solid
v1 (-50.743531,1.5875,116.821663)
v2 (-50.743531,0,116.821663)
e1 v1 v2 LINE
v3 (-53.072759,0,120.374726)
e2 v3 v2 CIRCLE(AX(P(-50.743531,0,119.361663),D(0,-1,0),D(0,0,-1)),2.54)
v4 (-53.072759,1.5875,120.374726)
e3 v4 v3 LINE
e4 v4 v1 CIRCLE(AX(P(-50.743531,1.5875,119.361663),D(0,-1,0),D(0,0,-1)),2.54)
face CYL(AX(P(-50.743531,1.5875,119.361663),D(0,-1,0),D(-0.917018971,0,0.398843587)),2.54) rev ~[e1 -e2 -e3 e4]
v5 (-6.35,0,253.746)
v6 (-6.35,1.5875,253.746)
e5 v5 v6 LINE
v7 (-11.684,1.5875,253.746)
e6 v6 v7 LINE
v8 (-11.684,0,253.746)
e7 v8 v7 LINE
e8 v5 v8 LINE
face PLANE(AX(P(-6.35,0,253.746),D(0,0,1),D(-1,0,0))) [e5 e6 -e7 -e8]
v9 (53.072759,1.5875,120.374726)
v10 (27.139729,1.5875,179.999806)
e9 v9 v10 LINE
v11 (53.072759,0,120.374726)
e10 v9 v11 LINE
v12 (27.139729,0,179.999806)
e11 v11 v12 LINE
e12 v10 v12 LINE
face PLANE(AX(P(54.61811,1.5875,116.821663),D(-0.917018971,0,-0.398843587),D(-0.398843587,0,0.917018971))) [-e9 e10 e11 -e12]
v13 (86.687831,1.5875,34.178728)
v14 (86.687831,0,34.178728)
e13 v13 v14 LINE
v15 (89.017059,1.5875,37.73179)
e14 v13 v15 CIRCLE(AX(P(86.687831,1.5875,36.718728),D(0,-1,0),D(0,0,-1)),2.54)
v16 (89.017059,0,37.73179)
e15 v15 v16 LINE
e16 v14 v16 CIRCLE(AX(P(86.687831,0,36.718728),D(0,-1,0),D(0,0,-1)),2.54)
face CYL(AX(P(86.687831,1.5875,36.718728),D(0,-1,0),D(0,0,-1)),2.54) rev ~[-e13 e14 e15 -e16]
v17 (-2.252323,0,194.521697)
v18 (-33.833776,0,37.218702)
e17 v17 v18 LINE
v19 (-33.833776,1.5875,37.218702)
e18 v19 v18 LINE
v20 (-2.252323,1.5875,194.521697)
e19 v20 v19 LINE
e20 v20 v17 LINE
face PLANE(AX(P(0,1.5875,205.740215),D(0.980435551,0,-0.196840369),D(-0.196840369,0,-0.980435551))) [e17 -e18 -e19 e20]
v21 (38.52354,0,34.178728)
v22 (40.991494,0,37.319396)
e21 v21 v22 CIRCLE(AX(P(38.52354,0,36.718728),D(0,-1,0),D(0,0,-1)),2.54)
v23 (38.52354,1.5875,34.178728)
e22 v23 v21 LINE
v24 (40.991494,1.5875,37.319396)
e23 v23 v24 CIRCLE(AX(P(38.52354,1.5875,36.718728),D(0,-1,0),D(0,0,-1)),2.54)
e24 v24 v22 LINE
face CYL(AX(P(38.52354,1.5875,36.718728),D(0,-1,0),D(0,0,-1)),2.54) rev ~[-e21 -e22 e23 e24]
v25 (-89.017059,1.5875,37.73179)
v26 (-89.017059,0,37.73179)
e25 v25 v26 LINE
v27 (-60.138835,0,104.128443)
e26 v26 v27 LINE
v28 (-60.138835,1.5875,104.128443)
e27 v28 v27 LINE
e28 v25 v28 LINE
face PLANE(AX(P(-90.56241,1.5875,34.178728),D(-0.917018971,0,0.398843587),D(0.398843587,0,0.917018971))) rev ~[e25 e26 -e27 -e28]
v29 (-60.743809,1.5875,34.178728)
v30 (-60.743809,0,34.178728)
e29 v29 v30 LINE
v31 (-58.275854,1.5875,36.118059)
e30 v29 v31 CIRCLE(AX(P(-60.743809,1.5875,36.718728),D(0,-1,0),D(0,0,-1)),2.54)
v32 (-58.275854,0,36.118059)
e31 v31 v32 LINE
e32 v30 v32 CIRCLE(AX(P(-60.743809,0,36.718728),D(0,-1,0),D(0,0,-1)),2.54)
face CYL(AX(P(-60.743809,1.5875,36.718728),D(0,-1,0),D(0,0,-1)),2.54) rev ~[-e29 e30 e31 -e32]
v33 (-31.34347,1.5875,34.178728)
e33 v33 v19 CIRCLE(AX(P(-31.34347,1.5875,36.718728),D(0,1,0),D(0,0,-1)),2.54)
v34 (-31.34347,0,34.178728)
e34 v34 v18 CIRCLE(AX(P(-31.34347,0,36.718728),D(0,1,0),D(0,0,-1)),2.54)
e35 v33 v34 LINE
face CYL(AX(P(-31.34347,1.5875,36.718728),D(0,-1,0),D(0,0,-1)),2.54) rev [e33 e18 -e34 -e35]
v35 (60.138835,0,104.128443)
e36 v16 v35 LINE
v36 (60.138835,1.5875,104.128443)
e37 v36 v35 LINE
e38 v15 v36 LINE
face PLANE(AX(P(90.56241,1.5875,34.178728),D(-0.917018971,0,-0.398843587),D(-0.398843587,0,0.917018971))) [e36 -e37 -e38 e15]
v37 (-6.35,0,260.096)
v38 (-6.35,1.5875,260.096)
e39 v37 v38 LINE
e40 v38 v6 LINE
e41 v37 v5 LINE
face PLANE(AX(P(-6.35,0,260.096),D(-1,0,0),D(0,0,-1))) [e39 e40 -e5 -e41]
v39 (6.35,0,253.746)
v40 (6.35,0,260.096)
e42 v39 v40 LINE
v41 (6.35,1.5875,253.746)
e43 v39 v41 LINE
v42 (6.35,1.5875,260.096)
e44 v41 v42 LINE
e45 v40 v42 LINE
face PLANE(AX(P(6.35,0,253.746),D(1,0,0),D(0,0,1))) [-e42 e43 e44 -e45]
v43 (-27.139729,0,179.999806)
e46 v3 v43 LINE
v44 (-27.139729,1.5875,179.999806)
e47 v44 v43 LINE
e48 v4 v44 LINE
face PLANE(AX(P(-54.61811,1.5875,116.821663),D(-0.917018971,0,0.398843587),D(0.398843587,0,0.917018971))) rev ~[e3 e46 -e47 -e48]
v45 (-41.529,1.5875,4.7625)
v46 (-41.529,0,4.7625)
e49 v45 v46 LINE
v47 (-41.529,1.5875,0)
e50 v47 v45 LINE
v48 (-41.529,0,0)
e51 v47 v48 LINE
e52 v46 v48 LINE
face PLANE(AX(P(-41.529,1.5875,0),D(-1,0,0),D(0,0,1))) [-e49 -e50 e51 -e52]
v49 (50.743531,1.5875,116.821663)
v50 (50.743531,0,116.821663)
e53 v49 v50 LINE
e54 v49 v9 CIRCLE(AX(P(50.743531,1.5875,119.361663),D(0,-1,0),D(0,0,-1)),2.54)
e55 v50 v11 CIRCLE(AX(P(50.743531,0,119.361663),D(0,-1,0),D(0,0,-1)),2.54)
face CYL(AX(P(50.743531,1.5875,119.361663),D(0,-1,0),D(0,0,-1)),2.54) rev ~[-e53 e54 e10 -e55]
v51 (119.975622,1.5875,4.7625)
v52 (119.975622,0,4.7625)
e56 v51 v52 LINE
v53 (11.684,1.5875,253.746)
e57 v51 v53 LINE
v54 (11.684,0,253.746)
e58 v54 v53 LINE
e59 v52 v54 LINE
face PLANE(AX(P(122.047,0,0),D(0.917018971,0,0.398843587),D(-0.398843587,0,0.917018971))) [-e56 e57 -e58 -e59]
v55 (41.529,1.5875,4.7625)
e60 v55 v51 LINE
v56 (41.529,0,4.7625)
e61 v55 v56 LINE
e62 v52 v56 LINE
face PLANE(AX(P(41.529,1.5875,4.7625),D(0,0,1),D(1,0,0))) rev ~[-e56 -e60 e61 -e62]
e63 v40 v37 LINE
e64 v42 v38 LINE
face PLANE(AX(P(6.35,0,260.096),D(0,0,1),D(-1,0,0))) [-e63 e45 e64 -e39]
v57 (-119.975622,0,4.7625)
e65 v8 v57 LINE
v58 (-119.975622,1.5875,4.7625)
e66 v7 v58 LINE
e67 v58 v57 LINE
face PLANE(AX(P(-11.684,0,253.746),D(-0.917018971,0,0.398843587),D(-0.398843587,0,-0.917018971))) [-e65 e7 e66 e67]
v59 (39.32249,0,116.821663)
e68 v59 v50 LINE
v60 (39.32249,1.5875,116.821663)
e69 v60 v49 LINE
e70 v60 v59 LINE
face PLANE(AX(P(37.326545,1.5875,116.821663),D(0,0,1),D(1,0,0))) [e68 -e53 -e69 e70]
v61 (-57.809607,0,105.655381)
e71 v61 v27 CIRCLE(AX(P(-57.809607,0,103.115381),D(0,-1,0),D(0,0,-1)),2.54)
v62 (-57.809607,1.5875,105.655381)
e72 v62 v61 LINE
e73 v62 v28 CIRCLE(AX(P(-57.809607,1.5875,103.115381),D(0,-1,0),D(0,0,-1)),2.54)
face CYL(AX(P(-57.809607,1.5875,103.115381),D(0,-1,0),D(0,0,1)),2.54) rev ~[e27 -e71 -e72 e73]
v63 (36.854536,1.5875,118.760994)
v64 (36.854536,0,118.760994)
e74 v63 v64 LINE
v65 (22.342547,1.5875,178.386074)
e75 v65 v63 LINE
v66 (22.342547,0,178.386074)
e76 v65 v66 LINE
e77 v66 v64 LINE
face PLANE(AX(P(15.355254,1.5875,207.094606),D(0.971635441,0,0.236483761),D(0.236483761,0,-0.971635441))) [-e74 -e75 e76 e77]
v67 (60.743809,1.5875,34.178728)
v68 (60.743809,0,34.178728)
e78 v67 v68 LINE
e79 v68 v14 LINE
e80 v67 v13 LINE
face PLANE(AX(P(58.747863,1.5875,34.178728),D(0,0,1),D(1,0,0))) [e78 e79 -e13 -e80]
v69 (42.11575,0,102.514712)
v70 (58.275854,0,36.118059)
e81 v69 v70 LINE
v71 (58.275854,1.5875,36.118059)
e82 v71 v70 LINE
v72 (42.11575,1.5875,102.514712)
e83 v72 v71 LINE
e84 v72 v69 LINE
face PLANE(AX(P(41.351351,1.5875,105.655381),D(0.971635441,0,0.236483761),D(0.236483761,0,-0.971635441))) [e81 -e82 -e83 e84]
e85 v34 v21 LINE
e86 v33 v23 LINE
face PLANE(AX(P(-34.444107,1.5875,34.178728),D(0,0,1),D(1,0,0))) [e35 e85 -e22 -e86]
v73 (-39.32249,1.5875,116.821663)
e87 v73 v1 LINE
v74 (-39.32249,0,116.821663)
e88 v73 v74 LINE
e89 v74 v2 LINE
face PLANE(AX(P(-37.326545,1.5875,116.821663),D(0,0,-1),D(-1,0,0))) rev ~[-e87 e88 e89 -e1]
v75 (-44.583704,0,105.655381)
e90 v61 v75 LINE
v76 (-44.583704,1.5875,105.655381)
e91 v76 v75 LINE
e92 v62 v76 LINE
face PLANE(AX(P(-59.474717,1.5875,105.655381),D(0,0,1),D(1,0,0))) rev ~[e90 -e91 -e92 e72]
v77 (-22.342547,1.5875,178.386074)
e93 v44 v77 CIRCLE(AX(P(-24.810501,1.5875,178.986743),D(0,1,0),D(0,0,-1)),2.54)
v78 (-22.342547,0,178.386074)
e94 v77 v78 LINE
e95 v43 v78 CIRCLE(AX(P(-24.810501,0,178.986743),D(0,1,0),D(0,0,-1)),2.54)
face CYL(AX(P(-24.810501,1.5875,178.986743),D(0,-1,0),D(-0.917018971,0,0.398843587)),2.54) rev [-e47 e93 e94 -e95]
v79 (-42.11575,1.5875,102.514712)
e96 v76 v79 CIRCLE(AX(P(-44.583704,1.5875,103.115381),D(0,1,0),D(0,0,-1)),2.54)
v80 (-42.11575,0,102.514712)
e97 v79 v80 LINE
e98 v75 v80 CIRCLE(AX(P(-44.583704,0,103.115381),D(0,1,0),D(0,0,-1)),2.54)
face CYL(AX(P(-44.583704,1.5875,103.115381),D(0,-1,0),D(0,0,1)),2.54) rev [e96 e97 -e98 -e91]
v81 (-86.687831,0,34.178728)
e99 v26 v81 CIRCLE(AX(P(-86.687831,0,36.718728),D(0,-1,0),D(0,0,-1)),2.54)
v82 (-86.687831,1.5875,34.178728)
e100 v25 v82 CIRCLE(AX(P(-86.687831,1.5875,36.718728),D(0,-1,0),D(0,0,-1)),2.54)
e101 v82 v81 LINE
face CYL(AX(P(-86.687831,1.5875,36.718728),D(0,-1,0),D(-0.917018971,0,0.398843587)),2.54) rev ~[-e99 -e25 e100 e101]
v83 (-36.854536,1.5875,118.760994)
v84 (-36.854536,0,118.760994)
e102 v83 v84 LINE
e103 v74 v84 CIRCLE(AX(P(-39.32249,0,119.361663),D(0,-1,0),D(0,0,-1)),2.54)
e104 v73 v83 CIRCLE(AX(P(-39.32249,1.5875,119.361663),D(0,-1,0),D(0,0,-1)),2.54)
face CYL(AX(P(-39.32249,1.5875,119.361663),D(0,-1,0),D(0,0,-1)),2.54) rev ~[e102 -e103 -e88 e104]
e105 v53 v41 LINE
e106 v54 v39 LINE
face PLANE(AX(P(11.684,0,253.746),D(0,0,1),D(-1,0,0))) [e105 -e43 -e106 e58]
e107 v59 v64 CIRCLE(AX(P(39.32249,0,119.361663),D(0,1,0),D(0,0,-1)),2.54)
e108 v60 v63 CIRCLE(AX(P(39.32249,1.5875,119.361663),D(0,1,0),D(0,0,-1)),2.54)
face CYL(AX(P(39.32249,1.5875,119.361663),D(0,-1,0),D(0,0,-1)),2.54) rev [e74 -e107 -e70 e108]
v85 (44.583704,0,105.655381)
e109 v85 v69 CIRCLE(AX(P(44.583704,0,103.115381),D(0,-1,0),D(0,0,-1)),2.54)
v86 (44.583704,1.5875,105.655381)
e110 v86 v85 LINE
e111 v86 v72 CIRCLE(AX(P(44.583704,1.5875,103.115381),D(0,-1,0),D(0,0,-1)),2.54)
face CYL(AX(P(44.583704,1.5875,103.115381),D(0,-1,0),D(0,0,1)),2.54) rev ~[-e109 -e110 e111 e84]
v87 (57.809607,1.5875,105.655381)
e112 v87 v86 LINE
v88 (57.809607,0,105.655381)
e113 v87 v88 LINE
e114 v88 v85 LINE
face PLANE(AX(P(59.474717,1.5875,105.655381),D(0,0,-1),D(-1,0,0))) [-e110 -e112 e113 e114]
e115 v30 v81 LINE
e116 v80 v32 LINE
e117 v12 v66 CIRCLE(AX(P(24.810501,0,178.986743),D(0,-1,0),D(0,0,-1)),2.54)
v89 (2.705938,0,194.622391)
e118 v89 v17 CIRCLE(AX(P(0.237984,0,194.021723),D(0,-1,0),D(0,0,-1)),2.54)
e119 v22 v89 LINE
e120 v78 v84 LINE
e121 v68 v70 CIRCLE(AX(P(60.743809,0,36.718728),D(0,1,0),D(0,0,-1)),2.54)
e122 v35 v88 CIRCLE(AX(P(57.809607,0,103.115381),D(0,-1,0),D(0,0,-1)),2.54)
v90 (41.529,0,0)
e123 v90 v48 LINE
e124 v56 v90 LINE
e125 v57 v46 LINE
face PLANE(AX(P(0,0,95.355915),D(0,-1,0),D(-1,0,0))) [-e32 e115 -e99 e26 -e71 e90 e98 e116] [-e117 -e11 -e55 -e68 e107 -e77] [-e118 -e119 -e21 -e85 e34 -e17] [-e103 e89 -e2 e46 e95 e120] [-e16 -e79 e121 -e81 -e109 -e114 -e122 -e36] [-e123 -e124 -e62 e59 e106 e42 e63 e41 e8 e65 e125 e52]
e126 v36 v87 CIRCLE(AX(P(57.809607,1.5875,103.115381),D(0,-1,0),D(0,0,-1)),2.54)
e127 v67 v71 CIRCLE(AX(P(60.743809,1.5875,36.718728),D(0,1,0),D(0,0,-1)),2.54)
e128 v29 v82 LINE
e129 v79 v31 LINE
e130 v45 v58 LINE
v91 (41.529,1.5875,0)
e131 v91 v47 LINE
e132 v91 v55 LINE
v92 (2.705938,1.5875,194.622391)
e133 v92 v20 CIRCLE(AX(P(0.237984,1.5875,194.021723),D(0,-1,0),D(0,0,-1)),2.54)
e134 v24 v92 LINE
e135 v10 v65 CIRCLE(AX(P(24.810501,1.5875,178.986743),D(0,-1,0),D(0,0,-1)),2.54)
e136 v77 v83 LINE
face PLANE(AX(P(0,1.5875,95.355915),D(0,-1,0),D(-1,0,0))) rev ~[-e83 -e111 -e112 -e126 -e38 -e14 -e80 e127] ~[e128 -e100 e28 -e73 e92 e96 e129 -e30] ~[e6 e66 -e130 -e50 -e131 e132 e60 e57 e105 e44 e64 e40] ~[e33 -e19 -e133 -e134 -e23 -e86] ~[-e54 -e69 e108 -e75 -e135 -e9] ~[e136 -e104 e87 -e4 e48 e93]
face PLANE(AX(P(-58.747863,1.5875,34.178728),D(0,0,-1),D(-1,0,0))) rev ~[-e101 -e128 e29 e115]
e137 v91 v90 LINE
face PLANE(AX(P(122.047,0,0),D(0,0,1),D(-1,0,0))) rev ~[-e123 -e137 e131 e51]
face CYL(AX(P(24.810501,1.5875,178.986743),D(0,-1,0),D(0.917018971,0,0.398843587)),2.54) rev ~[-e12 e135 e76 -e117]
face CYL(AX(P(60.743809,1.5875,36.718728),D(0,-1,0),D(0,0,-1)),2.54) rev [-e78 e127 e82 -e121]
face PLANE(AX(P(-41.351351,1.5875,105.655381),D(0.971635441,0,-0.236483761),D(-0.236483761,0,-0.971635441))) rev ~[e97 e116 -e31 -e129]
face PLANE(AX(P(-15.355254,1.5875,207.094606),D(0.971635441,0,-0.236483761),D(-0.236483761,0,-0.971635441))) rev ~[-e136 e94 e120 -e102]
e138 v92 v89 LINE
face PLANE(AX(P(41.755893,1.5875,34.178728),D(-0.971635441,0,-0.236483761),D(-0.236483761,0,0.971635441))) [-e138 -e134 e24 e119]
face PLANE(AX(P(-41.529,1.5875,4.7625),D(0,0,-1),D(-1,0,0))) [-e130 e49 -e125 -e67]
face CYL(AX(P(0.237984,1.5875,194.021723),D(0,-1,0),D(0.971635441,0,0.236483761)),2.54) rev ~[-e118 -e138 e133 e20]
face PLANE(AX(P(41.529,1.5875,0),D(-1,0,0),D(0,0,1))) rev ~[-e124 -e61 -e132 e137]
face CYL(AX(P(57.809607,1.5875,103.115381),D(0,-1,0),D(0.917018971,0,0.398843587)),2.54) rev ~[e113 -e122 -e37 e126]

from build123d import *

# Parameters (mm, degrees)
BOSS_EXTRUDE1_DEPTH = 1.5875
CUT_EXTRUDE1_DEPTH  = 288.311537501
CUT_EXTRUDE2_DEPTH  = 1.5875
FILLET1_R           = 2.54


with BuildPart() as part:
    # Sketch2 → Boss-Extrude1 (new body)
    with BuildSketch(Plane(origin=(0, 0, 0), x_dir=(1, 0, 0), z_dir=(0, 1, 0))):
        Polygon((-122.047, 0), (0, 0), (122.047, 0), (11.684, -253.746), (6.35, -253.746), (6.35, -260.096), (-6.35, -260.096), (-6.35, -253.746), (-11.684, -253.746), align=None)
    extrude(amount=BOSS_EXTRUDE1_DEPTH)

    # Sketch3 → Cut-Extrude1 (cut, through all)
    with BuildSketch(Plane(origin=(0, 1.5875, 0), x_dir=(1, 0, 0), z_dir=(0, 1, 0))):
        Polygon((41.529, 0), (41.529, -4.7625), (119.975622372, -4.7625), (122.047, 0), align=None)
        Polygon((-119.975622372, -4.7625), (-122.047, 0), (-41.529, 0), (-41.529, -4.7625), align=None)
    extrude(amount=-CUT_EXTRUDE1_DEPTH, mode=Mode.SUBTRACT)

    # Sketch4 → Cut-Extrude2 (cut)
    with BuildSketch(Plane(origin=(0, 1.5875, 0), x_dir=(1, 0, 0), z_dir=(0, 1, 0))):
        Polygon((37.326544741, -116.821662879), (54.618110353, -116.821662879), (15.355253515, -207.09460645), align=None)
        Polygon((-34.444106562, -34.178727637), (41.755893438, -34.178727637), (0, -205.740215459), align=None)
        Polygon((58.747863162, -34.178727637), (90.562410016, -34.178727637), (59.474716621, -105.655380576), (41.351351035, -105.655380576), align=None)
        Polygon((-15.355253515, -207.09460645), (-37.326544741, -116.821662879), (-54.618110353, -116.821662879), align=None)
        Polygon((-41.351351035, -105.655380576), (-58.747863162, -34.178727637), (-90.562410016, -34.178727637), (-59.474716621, -105.655380576), align=None)
    extrude(amount=-CUT_EXTRUDE2_DEPTH, mode=Mode.SUBTRACT)

    # Fillet1
    fillet1_edges = [part.edges().sort_by_distance(p)[0] for p in [
        (-15.355253515, 0.79375, 207.09460645),
        (-54.618110353, 0.79375, 116.821662879),
        (-37.326544741, 0.79375, 116.821662879),
        (37.326544741, 0.79375, 116.821662879),
        (15.355253515, 0.79375, 207.09460645),
        (54.618110353, 0.79375, 116.821662879),
        (90.562410016, 0.79375, 34.178727637),
        (58.747863162, 0.79375, 34.178727637),
        (41.351351035, 0.79375, 105.655380576),
        (59.474716621, 0.79375, 105.655380576),
        (-41.351351035, 0.79375, 105.655380576),
        (-59.474716621, 0.79375, 105.655380576),
        (-90.562410016, 0.79375, 34.178727637),
        (-58.747863162, 0.79375, 34.178727637),
        (-34.444106562, 0.79375, 34.178727637),
        (0, 0.79375, 205.740215459),
        (41.755893438, 0.79375, 34.178727637),
    ]]
    fillet(fillet1_edges, radius=FILLET1_R)


solid = part.part
